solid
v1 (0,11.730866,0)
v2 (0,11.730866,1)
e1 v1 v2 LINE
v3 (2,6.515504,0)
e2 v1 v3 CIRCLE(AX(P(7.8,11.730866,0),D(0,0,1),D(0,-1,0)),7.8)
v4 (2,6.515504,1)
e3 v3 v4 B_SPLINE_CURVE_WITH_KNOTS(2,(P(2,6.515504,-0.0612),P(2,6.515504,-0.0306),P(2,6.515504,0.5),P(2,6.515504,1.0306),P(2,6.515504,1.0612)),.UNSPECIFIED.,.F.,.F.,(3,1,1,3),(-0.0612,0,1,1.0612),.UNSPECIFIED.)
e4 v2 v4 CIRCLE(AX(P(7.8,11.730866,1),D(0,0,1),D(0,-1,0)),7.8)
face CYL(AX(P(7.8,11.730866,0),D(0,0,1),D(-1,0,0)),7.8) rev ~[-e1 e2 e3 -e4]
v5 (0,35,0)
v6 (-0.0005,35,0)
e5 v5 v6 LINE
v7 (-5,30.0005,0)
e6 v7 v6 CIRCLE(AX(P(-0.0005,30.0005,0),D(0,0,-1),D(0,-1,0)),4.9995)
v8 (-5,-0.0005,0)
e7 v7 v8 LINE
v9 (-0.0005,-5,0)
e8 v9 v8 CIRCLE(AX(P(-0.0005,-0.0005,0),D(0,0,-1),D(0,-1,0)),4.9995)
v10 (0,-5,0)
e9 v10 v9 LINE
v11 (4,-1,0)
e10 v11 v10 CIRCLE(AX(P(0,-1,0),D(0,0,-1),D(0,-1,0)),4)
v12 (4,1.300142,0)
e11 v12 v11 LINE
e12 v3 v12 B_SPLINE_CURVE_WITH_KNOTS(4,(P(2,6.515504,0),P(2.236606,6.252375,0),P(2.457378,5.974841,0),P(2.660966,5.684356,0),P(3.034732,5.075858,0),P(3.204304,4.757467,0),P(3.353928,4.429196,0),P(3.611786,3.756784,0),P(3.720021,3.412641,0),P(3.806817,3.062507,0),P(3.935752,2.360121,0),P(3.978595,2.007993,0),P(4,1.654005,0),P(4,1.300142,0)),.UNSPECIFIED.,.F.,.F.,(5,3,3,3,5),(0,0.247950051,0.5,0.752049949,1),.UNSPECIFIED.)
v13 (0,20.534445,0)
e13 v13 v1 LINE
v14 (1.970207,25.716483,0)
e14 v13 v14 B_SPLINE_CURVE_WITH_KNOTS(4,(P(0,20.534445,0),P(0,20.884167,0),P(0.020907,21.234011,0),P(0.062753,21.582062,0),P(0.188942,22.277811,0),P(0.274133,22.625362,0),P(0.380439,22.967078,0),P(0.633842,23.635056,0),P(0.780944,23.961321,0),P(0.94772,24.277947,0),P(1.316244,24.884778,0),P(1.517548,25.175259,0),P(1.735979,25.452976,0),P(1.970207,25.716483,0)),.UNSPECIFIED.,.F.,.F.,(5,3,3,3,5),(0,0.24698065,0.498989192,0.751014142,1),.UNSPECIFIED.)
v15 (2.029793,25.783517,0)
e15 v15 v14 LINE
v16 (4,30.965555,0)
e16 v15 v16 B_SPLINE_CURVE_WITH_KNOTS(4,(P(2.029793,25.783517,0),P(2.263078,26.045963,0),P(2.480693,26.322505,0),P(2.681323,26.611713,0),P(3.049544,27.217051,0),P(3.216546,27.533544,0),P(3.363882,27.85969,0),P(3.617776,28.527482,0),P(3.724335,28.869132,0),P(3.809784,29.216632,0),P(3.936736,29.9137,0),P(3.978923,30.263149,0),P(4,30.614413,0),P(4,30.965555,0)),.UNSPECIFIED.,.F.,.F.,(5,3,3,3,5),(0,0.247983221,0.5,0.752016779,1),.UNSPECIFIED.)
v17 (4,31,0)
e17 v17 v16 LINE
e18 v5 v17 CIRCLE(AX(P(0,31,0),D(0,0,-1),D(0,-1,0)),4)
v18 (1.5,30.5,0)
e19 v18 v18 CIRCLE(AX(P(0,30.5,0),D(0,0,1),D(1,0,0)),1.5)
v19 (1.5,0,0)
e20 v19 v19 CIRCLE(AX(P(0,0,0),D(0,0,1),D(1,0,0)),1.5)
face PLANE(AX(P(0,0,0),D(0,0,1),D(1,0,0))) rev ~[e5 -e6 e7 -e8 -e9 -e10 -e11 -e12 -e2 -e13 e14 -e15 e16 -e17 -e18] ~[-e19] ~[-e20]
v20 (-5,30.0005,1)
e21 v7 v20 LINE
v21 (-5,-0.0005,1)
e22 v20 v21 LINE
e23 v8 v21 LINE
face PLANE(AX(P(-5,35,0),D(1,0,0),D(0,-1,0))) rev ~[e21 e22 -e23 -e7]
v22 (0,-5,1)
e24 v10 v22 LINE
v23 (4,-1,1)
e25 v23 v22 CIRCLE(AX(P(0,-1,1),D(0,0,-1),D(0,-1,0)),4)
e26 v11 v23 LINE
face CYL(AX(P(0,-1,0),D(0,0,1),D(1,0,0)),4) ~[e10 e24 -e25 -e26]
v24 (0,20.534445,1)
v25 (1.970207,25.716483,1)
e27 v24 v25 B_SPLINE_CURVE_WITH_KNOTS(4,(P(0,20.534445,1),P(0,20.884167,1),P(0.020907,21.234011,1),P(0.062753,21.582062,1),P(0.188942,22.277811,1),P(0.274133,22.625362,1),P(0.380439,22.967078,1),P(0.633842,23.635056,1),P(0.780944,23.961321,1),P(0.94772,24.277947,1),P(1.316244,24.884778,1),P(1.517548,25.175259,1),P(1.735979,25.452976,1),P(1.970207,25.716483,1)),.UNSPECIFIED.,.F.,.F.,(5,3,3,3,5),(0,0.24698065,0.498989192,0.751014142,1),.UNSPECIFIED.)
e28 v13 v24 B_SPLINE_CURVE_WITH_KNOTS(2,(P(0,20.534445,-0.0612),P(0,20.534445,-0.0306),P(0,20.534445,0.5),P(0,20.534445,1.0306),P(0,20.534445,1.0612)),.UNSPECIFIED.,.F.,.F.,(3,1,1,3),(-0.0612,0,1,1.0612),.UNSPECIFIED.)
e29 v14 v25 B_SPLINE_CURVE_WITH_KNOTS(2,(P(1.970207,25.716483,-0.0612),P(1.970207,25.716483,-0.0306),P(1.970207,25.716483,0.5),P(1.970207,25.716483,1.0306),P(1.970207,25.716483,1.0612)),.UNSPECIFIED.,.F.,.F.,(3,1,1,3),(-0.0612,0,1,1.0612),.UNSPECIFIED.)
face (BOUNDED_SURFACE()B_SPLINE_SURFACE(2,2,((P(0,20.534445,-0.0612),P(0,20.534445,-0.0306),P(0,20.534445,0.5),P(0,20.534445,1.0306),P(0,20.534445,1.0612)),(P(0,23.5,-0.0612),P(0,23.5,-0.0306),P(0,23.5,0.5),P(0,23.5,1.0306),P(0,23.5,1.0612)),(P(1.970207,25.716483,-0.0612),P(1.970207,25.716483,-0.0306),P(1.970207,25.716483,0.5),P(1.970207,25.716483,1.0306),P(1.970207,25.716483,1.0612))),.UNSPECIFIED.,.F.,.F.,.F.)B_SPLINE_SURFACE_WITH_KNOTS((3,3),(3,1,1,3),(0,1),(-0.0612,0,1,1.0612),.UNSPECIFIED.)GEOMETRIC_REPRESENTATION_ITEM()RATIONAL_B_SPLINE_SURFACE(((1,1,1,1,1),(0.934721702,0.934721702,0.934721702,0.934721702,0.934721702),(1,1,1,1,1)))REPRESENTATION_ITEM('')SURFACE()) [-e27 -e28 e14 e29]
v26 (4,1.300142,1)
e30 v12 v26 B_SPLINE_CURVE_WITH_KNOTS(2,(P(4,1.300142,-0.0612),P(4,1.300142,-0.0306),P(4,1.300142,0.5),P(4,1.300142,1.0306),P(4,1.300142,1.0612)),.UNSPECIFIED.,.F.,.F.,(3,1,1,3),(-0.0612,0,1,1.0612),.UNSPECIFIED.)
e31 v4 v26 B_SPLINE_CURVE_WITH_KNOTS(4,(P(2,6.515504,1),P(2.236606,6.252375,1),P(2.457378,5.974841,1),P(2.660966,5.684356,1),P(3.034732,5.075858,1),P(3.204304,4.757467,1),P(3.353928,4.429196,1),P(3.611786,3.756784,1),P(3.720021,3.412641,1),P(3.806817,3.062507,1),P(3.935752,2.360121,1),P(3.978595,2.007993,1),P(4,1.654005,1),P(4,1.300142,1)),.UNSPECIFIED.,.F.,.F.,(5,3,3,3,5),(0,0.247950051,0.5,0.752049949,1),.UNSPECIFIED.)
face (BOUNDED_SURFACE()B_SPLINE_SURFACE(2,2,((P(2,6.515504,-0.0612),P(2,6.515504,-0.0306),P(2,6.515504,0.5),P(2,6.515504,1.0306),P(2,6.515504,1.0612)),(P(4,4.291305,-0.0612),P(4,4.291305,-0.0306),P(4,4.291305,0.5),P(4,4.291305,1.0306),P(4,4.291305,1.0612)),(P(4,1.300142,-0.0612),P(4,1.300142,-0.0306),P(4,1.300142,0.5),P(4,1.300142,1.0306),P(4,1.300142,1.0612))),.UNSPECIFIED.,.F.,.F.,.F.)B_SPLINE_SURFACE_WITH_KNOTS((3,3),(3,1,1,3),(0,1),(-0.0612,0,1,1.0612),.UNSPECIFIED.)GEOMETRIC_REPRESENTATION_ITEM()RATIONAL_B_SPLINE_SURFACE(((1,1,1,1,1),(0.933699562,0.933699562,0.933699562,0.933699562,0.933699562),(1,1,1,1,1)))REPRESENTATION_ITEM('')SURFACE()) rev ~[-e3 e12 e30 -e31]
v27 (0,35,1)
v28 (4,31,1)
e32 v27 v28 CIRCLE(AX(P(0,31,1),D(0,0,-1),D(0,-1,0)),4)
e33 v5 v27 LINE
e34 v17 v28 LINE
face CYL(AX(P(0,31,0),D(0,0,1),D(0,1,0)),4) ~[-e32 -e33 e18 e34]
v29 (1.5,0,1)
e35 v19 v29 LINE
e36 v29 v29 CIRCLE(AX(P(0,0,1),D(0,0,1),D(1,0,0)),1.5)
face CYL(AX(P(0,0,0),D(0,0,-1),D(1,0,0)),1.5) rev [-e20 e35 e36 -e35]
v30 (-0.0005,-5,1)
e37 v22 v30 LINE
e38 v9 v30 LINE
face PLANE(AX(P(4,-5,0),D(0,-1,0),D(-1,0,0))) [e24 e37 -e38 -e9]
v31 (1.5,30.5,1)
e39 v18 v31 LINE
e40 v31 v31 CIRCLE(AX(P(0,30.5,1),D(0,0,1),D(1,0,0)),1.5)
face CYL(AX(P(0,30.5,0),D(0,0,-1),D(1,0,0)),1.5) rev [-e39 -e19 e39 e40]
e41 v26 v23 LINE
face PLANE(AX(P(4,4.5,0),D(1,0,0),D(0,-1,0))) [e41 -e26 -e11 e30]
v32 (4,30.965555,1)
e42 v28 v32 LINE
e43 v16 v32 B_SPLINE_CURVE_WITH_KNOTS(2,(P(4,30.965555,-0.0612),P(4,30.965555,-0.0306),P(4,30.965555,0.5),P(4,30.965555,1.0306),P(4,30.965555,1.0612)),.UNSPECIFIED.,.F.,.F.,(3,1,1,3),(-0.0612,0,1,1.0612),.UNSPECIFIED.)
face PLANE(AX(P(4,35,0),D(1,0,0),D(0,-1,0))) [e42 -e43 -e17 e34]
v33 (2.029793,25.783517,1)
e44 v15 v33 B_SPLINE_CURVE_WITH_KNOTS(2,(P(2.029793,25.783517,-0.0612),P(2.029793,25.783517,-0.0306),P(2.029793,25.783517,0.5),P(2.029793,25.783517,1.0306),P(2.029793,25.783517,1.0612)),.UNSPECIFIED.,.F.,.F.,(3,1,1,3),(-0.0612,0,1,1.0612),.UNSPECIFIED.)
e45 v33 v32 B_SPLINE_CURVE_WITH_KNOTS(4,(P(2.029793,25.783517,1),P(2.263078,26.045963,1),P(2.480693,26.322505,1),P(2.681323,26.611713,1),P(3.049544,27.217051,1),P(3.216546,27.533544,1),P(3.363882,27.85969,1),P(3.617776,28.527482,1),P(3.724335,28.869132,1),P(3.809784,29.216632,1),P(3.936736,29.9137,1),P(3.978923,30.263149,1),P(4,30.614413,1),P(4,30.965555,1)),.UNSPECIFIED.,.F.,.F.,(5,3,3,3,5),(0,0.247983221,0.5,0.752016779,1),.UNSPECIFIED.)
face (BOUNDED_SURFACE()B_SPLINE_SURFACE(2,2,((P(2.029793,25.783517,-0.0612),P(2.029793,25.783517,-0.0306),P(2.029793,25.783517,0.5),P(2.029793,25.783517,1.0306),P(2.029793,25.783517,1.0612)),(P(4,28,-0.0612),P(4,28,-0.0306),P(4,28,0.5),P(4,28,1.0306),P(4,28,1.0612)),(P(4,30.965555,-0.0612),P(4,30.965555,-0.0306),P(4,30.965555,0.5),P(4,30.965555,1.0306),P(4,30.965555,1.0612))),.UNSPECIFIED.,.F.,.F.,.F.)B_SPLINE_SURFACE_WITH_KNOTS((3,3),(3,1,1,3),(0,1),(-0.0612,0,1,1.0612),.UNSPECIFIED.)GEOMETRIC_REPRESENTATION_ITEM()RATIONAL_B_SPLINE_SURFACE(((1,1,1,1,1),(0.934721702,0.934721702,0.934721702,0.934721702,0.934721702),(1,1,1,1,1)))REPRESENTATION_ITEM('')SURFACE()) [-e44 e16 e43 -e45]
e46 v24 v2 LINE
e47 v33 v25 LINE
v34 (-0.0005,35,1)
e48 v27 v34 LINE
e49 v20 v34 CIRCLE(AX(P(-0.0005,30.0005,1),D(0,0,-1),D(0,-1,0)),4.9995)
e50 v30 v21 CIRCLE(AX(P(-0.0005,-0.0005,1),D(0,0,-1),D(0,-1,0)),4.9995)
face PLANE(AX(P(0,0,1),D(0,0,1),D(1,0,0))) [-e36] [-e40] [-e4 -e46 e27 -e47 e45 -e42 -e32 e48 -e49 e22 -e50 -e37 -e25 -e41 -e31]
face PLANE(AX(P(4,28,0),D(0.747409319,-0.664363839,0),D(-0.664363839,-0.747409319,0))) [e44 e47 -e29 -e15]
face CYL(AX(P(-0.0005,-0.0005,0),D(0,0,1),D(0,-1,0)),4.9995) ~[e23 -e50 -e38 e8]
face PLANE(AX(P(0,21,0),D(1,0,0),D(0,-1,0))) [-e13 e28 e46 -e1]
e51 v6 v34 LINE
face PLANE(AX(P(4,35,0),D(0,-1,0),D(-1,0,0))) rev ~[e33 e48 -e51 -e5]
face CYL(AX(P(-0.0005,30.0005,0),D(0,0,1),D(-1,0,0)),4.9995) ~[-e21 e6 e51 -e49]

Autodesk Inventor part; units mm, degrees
ref_plane "YZ Plane" through (0, 0, 0) normal (1, 0, 0) x (0, 1, 0)
ref_plane "XZ Plane" through (0, 0, 0) normal (0, 1, 0) x (-1, 0, 0)
ref_plane "XY Plane" through (0, 0, 0) normal (0, 0, 1) x (1, 0, 0)
sketch "Sketch3" plane through (0, 0, 0) normal (0, 0, 1) x (1, 0, 0)
  circle A0 centre (0, 0) radius 1.5
  circle A1 centre (0, 30.5) radius 1.5
  line L0 (0, 8.5) -> (4, 4.5)
  line L1 (4, 35) -> (4, 25.5)
  line L2 (4, 4.5) -> (4, -5)
  line L3 (0, 21) -> (0, 8.5)
  line L4 (4, 35) -> (-5, 35)
  line L5 (4, -5) -> (-5, -5)
  line L6 (-5, 35) -> (-5, -5)
  line L7 (0, 21) -> (0, 23.5)
  line L8 (4, 25.5) -> (4, 27.5)
  line L9 (4, 27.5) -> (4, 28.5)
  line L10 (4, 27.5) -> (4, 28)
  line L11 (4, 28) -> (0, 23.5)
  dimension "d27" = 40
  dimension "d28" = 4.5
  dimension "d29" = 2.5
  dimension "d32" = 0.5
extrude "Extrusion2" add sketch "Sketch3" along normal blind 1
fillet "Fillet4" radius 4 2 edges at (4, 35, 0.5) (4, -5, 0.5)
fillet "Fillet6" radius 5 2 edges at (-5, 35, 0.5) (-5, -5, 0.5)
fillet "Fillet7" radius 7.8 4 edges at (0, 23.5, 0.5) (4, 28, 0.5) (0, 8.5, 0.5) (4, 4.5, 0.5)
properties part number "arm1b" material "ABS Plastic"
